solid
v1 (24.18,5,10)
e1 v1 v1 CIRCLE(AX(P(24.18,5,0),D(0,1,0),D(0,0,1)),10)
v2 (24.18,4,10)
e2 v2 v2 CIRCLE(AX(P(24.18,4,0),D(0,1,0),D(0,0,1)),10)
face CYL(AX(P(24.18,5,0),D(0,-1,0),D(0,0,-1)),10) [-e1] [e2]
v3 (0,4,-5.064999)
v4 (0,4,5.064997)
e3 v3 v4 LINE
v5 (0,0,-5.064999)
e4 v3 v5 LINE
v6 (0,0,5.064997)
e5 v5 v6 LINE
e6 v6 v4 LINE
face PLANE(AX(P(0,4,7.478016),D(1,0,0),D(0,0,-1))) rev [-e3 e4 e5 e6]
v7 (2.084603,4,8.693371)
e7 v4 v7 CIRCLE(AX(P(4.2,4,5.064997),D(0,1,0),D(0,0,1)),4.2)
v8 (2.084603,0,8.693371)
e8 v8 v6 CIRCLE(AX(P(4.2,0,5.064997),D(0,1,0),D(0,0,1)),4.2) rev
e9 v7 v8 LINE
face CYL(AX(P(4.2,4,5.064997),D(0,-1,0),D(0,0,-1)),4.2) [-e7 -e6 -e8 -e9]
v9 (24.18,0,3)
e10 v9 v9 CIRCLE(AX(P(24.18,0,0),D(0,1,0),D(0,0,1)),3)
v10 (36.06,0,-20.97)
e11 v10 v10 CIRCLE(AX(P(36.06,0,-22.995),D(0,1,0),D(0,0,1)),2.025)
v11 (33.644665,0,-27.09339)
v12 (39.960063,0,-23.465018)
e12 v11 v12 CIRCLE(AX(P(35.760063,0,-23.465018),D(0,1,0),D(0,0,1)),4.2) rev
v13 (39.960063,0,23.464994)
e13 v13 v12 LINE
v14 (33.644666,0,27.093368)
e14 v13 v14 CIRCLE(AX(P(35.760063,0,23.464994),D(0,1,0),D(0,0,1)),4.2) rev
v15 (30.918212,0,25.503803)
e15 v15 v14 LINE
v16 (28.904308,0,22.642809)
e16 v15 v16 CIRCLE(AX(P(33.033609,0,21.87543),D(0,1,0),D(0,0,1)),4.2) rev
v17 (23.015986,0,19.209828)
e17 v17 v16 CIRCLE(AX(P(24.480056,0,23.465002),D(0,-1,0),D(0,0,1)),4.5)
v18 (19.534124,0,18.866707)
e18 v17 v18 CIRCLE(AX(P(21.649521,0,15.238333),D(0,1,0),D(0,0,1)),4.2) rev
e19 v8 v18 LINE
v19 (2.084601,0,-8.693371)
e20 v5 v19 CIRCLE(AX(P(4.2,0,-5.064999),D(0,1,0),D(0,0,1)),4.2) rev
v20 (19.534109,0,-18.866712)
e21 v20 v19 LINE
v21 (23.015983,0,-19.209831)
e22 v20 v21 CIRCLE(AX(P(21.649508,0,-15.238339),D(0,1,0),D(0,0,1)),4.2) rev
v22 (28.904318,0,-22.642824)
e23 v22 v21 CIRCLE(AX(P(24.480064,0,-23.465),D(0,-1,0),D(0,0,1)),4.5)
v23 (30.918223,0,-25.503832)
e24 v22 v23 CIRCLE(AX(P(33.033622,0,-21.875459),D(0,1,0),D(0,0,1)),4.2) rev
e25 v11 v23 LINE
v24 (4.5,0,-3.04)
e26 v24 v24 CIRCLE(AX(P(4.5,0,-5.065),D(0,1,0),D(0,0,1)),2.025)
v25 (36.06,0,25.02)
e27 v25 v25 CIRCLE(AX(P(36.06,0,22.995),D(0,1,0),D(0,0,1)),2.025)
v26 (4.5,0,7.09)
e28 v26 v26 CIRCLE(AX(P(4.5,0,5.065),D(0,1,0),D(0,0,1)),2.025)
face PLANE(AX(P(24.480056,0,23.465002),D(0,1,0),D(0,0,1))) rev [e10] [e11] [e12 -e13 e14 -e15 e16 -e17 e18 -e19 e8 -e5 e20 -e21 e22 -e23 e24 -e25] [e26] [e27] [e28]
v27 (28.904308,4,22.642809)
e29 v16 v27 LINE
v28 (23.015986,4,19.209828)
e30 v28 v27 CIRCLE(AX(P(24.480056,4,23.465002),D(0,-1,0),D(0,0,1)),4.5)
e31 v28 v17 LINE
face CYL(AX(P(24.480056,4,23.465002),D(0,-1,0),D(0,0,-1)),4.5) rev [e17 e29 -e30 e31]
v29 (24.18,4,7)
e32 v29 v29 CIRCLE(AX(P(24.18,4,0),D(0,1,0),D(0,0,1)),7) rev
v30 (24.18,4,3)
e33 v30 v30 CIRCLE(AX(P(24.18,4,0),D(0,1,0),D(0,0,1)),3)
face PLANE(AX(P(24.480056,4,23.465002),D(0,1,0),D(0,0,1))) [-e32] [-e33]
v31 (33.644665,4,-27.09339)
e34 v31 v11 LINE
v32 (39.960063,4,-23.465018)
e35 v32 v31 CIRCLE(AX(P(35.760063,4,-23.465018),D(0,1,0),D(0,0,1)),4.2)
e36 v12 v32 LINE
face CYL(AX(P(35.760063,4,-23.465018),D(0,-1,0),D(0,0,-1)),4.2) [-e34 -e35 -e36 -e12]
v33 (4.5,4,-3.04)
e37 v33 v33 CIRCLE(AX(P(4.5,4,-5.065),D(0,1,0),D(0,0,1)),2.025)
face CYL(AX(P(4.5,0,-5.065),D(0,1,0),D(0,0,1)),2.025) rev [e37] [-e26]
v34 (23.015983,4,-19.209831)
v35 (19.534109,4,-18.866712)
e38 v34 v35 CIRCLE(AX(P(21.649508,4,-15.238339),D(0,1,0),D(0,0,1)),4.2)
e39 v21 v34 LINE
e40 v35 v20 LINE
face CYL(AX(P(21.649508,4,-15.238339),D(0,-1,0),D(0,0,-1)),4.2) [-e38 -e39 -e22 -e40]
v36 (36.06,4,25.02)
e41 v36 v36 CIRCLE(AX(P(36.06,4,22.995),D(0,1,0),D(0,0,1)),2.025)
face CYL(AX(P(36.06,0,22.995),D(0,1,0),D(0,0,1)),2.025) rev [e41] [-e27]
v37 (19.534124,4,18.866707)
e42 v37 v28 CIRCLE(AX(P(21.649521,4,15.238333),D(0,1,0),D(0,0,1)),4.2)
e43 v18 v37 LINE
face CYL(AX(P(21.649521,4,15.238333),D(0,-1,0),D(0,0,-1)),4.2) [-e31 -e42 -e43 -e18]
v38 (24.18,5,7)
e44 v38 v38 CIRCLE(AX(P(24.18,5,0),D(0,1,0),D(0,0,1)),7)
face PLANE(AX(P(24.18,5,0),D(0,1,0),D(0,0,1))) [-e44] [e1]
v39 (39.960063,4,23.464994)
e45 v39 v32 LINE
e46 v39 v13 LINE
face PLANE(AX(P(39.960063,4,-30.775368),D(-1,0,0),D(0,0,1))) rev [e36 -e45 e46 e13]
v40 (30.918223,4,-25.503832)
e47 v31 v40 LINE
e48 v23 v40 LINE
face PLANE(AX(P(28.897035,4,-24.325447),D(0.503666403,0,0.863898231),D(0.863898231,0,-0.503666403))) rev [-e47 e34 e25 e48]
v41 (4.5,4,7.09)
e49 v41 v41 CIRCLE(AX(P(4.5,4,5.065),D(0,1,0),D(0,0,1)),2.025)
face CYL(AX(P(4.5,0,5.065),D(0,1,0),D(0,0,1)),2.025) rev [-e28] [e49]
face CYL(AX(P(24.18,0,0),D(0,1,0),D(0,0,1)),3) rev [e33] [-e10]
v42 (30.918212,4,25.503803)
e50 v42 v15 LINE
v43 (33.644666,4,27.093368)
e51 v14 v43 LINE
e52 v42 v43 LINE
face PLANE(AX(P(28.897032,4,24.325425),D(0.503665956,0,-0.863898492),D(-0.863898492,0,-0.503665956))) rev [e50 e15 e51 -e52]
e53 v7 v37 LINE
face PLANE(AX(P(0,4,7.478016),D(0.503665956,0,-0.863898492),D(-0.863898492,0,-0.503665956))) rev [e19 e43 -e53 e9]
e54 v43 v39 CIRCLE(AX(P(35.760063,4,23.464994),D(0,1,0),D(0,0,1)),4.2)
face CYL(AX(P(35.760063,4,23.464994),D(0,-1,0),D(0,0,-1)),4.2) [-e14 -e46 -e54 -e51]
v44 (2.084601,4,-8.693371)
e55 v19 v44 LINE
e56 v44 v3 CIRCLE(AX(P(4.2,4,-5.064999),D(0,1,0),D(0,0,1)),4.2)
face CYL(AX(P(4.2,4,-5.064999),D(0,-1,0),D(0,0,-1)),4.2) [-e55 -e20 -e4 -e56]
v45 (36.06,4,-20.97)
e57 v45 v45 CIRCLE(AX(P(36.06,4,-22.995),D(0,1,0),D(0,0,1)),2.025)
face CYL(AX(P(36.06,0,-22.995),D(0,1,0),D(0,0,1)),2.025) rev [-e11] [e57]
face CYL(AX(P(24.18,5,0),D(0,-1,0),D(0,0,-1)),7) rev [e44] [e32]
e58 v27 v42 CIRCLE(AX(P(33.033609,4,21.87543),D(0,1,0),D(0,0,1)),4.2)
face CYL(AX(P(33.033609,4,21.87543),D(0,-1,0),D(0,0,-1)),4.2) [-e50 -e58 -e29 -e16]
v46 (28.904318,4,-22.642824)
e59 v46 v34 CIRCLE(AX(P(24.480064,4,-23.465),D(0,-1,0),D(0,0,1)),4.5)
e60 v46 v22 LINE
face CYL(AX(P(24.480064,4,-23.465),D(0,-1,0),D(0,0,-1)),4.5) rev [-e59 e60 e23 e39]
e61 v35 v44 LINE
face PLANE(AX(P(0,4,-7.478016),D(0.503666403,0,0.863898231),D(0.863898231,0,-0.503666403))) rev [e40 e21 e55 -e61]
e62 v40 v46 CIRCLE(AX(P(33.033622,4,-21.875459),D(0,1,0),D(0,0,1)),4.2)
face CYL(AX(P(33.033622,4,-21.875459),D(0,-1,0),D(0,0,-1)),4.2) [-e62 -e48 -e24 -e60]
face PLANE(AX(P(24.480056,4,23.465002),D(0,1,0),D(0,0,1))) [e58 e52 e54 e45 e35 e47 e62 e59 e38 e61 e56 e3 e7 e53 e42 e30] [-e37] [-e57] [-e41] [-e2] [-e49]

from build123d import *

# Parameters (mm, degrees)
BOSS_EXTRUDE1_DEPTH = 4
FILLET1_R           = 4.2
SKETCH3_R           = 3
SKETCH3_R_2         = 2.025
CUT_EXTRUDE1_DEPTH  = 49.76638045
SKETCH2_R           = 10
SKETCH2_R_2         = 7
BOSS_EXTRUDE2_DEPTH = 1


with BuildPart() as part:
    # Sketch1 → Boss-Extrude1 (new body)
    with BuildSketch(Plane(origin=(0, 0, 0), x_dir=(1, 0, 0), z_dir=(0, 1, 0))):
        with BuildLine():
            Line((0, -7.47801578), (0, 7.47801578))
            Line((0, 7.47801578), (21.555297549, 20.045096945))
            ThreePointArc((21.555297549, 20.045096945), (26.746562982, 19.577458446), (28.897035116, 24.325446668))
            Line((28.897035116, 24.325446668), (39.960063413, 30.775368049))
            Line((39.960063413, 30.775368049), (39.960063413, -30.775340317))
            Line((39.960063413, -30.775340317), (28.897031775, -24.325424666))
            ThreePointArc((28.897031775, -24.325424666), (26.746553125, -19.577458381), (21.555304058, -20.04508578))
            Line((21.555304058, -20.04508578), (0, -7.47801578))
        make_face()
    extrude(amount=BOSS_EXTRUDE1_DEPTH)

    # Fillet1
    fillet1_edges = [part.edges().sort_by_distance(p)[0] for p in [
        (0, 2, 7.47801578),
        (0, 2, -7.47801578),
        (21.555297549, 2, -20.045096945),
        (28.897035116, 2, -24.325446668),
        (39.960063413, 2, -30.775368049),
        (39.960063413, 2, 30.775340317),
        (28.897031775, 2, 24.325424666),
        (21.555304058, 2, 20.04508578),
    ]]
    fillet(fillet1_edges, radius=FILLET1_R)

    # Sketch3 → Cut-Extrude1 (cut, through all)
    with BuildSketch(Plane(origin=(0, 4, 0), x_dir=(1, 0, 0), z_dir=(0, 1, 0))):
        with Locations(Location((24.18, 0, 0), (0, 0, 270))):
            Circle(SKETCH3_R)
        with Locations(Location((36.06, -22.995, 0), (0, 0, 270))):
            Circle(SKETCH3_R_2)
        with Locations(Location((36.06, 22.995, 0), (0, 0, 270))):
            Circle(SKETCH3_R_2)
        with Locations(Location((4.5, 5.065, 0), (0, 0, 270))):
            Circle(SKETCH3_R_2)
        with Locations(Location((4.5, -5.065, 0), (0, 0, 270))):
            Circle(SKETCH3_R_2)
    extrude(amount=-CUT_EXTRUDE1_DEPTH, mode=Mode.SUBTRACT)

    # Sketch2 → Boss-Extrude2 (add)
    with BuildSketch(Plane(origin=(0, 4, 0), x_dir=(1, 0, 0), z_dir=(0, 1, 0))):
        with Locations(Location((24.18, 0, 0), (0, 0, 270))):
            Circle(SKETCH2_R)
        with Locations(Location((24.18, 0, 0), (0, 0, 270))):
            Circle(SKETCH2_R_2, mode=Mode.SUBTRACT)
    extrude(amount=BOSS_EXTRUDE2_DEPTH)


solid = part.part
